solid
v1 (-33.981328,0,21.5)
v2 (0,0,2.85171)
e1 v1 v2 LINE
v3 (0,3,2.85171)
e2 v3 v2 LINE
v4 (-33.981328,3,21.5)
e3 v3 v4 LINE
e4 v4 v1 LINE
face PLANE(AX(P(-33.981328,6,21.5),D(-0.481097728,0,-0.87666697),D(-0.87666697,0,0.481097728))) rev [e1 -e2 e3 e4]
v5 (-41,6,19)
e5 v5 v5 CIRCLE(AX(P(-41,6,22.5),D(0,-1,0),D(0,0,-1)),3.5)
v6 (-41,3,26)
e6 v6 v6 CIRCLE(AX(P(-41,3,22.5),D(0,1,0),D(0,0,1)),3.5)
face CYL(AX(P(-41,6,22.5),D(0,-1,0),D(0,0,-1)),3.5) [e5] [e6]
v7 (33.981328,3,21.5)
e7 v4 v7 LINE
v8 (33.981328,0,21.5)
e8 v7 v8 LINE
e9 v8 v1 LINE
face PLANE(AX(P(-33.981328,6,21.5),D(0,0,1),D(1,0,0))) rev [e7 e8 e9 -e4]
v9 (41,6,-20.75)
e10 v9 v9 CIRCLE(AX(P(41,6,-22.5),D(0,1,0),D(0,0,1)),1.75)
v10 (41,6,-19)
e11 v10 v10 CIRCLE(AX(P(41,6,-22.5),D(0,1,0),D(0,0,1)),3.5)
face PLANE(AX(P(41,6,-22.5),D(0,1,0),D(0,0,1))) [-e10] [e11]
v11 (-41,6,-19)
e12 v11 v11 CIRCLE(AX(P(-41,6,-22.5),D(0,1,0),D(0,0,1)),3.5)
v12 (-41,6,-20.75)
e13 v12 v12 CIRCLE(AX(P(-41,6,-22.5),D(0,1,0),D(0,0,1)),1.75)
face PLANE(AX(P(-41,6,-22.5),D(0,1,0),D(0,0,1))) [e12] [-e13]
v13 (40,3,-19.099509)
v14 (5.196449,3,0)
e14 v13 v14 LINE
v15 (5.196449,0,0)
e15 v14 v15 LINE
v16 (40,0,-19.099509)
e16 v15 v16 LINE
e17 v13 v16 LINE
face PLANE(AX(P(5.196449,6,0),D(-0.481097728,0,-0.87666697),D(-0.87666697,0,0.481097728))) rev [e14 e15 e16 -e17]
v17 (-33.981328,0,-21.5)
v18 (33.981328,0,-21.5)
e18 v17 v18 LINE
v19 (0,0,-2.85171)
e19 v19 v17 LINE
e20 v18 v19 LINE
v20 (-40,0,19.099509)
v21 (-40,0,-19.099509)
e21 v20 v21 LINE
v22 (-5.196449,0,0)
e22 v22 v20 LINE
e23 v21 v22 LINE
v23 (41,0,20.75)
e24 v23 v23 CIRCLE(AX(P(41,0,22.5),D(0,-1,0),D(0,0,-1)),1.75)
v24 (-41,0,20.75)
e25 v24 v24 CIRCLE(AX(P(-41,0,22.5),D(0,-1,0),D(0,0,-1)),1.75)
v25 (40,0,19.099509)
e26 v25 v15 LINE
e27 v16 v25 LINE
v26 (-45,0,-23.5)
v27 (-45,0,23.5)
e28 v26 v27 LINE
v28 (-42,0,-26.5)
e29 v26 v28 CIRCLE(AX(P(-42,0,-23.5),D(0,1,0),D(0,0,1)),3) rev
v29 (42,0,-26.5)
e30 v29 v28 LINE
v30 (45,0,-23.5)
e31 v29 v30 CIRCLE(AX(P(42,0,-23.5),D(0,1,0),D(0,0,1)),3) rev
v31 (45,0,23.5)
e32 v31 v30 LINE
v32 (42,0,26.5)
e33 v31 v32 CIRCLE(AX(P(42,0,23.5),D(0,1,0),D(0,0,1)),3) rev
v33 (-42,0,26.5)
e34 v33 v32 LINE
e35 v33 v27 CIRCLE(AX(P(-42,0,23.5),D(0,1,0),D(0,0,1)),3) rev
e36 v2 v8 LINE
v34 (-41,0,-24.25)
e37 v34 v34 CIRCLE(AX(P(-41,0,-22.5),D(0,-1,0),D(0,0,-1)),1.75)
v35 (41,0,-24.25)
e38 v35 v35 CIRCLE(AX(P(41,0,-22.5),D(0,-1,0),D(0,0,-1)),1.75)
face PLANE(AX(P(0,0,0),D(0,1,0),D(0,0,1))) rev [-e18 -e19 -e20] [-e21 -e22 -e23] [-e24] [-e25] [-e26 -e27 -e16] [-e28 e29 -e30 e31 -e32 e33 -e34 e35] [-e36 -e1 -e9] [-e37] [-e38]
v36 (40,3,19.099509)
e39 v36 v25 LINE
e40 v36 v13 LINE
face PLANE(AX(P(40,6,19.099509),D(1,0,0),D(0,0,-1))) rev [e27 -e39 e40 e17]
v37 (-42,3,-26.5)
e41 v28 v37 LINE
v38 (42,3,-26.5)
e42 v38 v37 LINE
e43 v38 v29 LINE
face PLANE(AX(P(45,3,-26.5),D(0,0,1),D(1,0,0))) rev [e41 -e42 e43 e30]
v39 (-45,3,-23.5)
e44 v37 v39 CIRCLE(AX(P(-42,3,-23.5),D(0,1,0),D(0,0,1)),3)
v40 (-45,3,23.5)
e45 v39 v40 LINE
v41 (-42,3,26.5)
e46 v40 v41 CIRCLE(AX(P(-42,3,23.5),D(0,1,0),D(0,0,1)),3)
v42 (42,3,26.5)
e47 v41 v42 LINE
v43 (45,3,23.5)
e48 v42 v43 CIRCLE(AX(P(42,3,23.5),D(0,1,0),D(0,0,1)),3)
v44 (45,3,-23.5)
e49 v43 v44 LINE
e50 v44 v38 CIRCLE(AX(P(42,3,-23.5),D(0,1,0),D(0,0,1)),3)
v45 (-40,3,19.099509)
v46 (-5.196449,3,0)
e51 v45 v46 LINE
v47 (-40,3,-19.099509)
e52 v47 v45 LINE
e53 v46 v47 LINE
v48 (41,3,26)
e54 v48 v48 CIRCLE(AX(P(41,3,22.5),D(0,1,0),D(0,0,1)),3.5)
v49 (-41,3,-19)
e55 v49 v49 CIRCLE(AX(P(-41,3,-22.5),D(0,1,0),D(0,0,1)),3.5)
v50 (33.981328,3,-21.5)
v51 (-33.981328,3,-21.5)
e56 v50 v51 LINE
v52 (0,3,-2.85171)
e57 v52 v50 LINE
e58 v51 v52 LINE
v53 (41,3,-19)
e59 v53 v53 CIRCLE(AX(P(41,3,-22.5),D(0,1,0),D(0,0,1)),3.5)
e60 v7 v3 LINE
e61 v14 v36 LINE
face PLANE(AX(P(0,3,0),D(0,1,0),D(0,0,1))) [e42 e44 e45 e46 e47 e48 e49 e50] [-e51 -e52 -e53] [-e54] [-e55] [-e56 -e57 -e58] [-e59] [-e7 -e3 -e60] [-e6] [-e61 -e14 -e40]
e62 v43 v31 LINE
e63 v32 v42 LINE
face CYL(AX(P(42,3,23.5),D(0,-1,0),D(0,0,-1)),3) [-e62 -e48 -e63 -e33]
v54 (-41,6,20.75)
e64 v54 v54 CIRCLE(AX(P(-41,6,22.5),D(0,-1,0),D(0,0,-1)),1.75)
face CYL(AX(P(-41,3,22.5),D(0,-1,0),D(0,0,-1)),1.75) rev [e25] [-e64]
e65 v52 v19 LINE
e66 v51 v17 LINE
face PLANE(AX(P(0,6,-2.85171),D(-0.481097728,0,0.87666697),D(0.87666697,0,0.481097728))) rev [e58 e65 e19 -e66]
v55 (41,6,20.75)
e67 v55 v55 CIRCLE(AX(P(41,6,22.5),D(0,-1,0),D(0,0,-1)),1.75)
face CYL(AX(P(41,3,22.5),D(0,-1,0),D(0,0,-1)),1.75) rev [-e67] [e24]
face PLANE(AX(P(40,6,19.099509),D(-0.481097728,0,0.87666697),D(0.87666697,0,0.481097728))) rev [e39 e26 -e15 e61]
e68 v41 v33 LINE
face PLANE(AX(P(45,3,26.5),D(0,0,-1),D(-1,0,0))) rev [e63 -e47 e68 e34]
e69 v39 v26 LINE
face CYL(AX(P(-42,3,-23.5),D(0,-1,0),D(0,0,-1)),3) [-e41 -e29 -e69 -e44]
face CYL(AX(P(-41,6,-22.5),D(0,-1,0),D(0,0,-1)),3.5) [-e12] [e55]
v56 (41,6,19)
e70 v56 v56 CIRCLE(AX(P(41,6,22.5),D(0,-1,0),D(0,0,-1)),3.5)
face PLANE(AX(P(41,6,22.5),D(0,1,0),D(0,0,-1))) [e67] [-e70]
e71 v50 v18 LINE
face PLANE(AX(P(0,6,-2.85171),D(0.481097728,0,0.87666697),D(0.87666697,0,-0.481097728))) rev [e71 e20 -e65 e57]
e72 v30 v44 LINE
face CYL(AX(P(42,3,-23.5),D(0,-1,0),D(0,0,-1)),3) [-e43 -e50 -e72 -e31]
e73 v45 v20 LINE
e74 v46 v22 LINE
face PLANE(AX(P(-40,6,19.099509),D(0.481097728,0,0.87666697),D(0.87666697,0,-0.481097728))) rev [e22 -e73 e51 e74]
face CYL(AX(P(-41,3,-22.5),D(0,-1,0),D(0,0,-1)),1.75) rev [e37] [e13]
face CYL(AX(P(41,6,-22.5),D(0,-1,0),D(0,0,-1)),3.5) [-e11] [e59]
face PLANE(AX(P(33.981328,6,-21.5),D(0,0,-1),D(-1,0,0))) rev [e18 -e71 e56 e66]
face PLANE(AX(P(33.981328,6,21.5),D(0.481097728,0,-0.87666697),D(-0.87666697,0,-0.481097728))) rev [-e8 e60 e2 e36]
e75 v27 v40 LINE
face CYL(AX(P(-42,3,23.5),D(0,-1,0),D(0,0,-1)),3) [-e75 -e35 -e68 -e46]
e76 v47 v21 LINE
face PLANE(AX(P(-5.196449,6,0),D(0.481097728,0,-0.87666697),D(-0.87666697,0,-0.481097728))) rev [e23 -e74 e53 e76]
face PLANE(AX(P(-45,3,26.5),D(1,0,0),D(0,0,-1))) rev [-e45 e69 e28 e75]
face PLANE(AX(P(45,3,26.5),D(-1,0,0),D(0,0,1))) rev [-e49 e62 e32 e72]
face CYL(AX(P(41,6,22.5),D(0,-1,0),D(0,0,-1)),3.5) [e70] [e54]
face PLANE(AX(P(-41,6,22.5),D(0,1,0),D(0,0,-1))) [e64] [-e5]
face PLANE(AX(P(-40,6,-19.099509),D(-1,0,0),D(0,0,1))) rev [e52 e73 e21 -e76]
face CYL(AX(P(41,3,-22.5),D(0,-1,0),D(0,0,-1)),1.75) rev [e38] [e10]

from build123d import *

# Parameters (mm, degrees)
CROQUIS1_W              = 90
CROQUIS1_H              = 53
SALIENTE_EXTRUIR1_DEPTH = 3
CROQUIS2_R              = 1.75
CORTAR_EXTRUIR1_DEPTH   = 53.309177015
CROQUIS3_R              = 3.5
CROQUIS3_R_2            = 1.75
SALIENTE_EXTRUIR2_DEPTH = 3
REDONDEO1_R             = 3
CORTAR_EXTRUIR2_DEPTH   = 53.566624392


with BuildPart() as part:
    # Croquis1 → Saliente-Extruir1 (new body)
    with BuildSketch(Plane(origin=(0, 0, 0), x_dir=(1, 0, 0), z_dir=(0, 1, 0))):
        Rectangle(CROQUIS1_W, CROQUIS1_H)
    extrude(amount=SALIENTE_EXTRUIR1_DEPTH)

    # Croquis2 → Cortar-Extruir1 (cut, through all)
    with BuildSketch(Plane.XZ):
        with Locations(Location((41, -22.5, 0), (0, 0, 270))):
            Circle(CROQUIS2_R)
        with Locations(Location((41, 22.5, 0), (0, 0, 270))):
            Circle(CROQUIS2_R)
        with Locations(Location((-41, 22.5, 0), (0, 0, 270))):
            Circle(CROQUIS2_R)
        with Locations(Location((-41, -22.5, 0), (0, 0, 270))):
            Circle(CROQUIS2_R)
    extrude(amount=-CORTAR_EXTRUIR1_DEPTH, mode=Mode.SUBTRACT)

    # Croquis3 → Saliente-Extruir2 (add)
    # profile 1 of 2: a face of its own
    with BuildSketch(Plane(origin=(0, 3, 0), x_dir=(1, 0, 0), z_dir=(0, 1, 0))):
        with Locations(Location((41, 22.5, 0), (0, 0, 270))):
            Circle(CROQUIS3_R)
        with Locations(Location((41, 22.5, 0), (0, 0, 90))):
            Circle(CROQUIS3_R_2, mode=Mode.SUBTRACT)
    # profile 2 of 2: a face of its own
    with BuildSketch(Plane(origin=(0, 3, 0), x_dir=(1, 0, 0), z_dir=(0, 1, 0))):
        with Locations(Location((-41, 22.5, 0), (0, 0, 270))):
            Circle(CROQUIS3_R)
        with Locations(Location((-41, 22.5, 0), (0, 0, 90))):
            Circle(CROQUIS3_R_2, mode=Mode.SUBTRACT)
    saliente_extruir2 = extrude(amount=SALIENTE_EXTRUIR2_DEPTH)

    # Simetría1: Saliente-Extruir2 across plane
    add(saliente_extruir2.mirror(Plane.XY))

    # Redondeo1
    redondeo1_edges = [part.edges().sort_by_distance(p)[0] for p in [
        (-45, 1.5, -26.5),
        (45, 1.5, -26.5),
        (45, 1.5, 26.5),
        (-45, 1.5, 26.5),
    ]]
    fillet(redondeo1_edges, radius=REDONDEO1_R)

    # Croquis4 → Cortar-Extruir2 (cut, through all)
    with BuildSketch(Plane.XZ):
        Polygon((33.981328373, 21.5), (0, 2.851710039), (-33.981328373, 21.5), align=None)
        Polygon((-40, 19.099509473), (-5.196449405, 0), (-40, -19.099509473), align=None)
        Polygon((40, 19.099509473), (5.196449405, 0), (40, -19.099509473), align=None)
        Polygon((33.981328373, -21.5), (-33.981328373, -21.5), (0, -2.851710039), align=None)
    extrude(amount=-CORTAR_EXTRUIR2_DEPTH, mode=Mode.SUBTRACT)


solid = part.part
